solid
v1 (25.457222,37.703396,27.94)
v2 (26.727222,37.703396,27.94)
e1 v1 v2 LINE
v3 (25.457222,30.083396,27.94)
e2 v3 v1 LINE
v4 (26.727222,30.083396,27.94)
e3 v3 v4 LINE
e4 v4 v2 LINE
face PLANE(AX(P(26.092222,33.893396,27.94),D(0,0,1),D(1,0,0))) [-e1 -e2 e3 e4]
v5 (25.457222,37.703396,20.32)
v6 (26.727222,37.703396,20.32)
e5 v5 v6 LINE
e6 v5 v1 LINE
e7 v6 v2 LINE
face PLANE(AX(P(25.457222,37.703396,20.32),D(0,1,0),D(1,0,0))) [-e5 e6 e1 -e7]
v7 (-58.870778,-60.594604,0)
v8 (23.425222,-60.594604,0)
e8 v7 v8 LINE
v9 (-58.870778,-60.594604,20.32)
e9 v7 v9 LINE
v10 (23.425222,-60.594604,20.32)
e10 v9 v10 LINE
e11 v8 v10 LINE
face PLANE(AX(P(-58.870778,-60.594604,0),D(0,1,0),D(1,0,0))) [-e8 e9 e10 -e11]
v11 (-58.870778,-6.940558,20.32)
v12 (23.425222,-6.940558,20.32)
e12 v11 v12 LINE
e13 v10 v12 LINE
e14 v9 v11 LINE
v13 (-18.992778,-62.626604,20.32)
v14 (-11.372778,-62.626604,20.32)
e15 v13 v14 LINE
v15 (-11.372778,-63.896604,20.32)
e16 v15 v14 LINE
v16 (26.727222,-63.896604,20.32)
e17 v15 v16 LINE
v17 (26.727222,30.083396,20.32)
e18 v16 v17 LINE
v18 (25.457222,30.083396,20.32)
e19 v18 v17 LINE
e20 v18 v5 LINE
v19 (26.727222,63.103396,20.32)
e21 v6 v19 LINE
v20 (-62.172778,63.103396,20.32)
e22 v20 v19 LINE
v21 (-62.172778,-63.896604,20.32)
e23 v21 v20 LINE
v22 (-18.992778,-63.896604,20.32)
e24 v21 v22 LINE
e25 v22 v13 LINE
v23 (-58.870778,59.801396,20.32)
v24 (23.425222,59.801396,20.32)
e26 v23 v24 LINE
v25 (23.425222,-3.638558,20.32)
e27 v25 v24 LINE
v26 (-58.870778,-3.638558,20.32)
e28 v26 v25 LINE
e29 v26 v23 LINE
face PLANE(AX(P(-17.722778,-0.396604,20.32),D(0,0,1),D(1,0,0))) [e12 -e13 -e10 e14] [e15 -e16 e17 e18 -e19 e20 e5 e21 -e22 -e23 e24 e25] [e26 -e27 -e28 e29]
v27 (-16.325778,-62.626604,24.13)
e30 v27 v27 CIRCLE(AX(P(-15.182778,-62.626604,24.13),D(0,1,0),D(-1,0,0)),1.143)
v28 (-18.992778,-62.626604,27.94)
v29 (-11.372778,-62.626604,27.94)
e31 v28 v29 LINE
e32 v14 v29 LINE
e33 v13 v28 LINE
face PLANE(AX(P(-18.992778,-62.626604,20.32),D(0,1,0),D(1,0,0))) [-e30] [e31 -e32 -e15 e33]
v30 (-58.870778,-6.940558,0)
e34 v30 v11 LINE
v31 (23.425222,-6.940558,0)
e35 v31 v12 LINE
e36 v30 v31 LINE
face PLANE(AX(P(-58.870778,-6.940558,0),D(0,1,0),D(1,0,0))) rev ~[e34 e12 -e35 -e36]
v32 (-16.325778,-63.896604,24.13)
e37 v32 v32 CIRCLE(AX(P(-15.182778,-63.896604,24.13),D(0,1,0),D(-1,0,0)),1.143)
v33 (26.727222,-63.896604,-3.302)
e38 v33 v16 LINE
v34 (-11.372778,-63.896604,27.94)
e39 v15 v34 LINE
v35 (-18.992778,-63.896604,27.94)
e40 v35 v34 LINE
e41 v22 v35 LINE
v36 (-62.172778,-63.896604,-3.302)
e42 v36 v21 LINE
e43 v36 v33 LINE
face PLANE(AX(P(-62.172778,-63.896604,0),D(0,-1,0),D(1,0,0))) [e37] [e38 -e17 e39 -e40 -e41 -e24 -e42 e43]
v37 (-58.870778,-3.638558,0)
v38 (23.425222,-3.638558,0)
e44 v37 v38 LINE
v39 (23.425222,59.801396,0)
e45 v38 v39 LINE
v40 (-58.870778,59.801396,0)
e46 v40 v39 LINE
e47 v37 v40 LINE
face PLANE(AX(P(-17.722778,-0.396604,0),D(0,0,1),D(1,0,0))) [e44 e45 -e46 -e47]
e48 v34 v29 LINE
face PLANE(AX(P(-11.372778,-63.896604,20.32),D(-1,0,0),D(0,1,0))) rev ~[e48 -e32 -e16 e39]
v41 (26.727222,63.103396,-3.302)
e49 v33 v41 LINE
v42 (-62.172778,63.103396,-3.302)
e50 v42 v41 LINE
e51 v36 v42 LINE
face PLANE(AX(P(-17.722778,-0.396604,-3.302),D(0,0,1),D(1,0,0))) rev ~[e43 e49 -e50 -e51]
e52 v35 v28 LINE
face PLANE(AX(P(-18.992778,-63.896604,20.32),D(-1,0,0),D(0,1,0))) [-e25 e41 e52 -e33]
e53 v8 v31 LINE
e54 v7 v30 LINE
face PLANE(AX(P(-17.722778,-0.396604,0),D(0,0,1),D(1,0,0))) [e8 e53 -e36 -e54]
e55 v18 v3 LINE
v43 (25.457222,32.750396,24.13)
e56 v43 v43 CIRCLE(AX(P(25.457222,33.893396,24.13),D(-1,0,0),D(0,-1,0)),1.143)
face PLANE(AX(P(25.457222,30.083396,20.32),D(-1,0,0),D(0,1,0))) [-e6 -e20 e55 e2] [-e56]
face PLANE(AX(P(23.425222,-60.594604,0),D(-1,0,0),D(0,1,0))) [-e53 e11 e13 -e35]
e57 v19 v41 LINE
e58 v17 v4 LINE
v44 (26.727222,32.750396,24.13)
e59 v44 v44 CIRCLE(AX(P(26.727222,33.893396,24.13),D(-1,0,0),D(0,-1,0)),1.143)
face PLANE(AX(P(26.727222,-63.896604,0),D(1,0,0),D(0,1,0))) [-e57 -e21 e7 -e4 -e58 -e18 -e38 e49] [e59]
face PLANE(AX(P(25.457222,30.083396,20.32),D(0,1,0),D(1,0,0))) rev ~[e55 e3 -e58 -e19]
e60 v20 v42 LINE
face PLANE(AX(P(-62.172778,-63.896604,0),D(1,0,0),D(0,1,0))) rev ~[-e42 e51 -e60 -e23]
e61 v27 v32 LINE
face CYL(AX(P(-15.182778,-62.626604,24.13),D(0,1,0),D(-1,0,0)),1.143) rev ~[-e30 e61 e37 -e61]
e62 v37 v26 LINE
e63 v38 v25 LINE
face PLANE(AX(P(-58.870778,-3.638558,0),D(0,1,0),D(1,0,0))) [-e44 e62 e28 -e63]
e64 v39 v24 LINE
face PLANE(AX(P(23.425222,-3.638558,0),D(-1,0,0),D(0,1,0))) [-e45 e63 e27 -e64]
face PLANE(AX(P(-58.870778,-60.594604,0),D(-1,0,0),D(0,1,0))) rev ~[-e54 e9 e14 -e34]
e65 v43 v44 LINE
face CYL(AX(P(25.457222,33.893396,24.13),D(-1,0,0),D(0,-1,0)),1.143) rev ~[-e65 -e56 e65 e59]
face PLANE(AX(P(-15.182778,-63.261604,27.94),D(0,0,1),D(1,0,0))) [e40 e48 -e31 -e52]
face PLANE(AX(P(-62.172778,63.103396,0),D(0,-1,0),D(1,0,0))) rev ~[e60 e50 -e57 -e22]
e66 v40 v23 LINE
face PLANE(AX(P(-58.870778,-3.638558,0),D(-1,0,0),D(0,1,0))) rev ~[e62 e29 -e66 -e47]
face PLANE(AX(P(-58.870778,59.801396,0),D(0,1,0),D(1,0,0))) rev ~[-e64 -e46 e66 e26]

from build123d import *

# Parameters (mm, degrees)
F0_W     = 88.9
F0_H     = 127
F0_W_2   = 82.296
F0_H_2   = 53.654046
F0_H_3   = 63.439954
F1_DEPTH = 20.32
F2_DEPTH = 3.302
F3_W     = 1.27
F3_H     = 7.62
F3_W_2   = 7.62
F3_H_2   = 1.27
F4_DEPTH = 7.62
F5_R     = 1.143
F6_DEPTH = 1.271
F7_R     = 1.143
F8_DEPTH = 1.271


with BuildPart() as f1:
    # F0 (on Top) → F1 (new body)
    with BuildSketch(Plane.XY):
        with Locations((-17.722778, -0.396604)):
            Rectangle(F0_W, F0_H)
        with Locations((-17.722778, -33.767581)):
            Rectangle(F0_W_2, F0_H_2, mode=Mode.SUBTRACT)
        with Locations((-17.722778, 28.081419)):
            Rectangle(F0_W_2, F0_H_3, mode=Mode.SUBTRACT)
    extrude(amount=F1_DEPTH)

    # F0 (on Top) → F2 (join)
    with BuildSketch(Plane.XY):
        with Locations((-17.722778, -0.396604)):
            Rectangle(F0_W, F0_H)
        with Locations((-17.722778, -33.767581)):
            Rectangle(F0_W_2, F0_H_2, mode=Mode.SUBTRACT)
        with Locations((-17.722778, 28.081419)):
            Rectangle(F0_W_2, F0_H_3, mode=Mode.SUBTRACT)
        with Locations((-17.722778, 28.081419)):
            Rectangle(F0_W_2, F0_H_3)
        with Locations((-17.722778, -33.767581)):
            Rectangle(F0_W_2, F0_H_2)
    extrude(amount=-F2_DEPTH)

    # F3 (on face) → F4 (join)
    with BuildSketch(Plane.XY.offset(20.32)):
        with Locations((26.092222, 33.893396)):
            Rectangle(F3_W, F3_H)
        with Locations((-15.182778, -63.261604)):
            Rectangle(F3_W_2, F3_H_2)
    extrude(amount=F4_DEPTH)

    # F5 (on face) → F6 (cut, through all)
    with BuildSketch(Plane(origin=(0, -62.626604, 0), x_dir=(-1, 0, 0), z_dir=(0, 1, 0))):
        with Locations((15.182778, 24.13)):
            Circle(F5_R)
    extrude(amount=-F6_DEPTH, mode=Mode.SUBTRACT)

    # F7 (on face) → F8 (cut, through all)
    with BuildSketch(Plane(origin=(25.457222, 0, 0), x_dir=(0, -1, 0), z_dir=(-1, 0, 0))):
        with Locations((-33.893396, 24.13)):
            Circle(F7_R)
    extrude(amount=-F8_DEPTH, mode=Mode.SUBTRACT)


solid = f1.part
